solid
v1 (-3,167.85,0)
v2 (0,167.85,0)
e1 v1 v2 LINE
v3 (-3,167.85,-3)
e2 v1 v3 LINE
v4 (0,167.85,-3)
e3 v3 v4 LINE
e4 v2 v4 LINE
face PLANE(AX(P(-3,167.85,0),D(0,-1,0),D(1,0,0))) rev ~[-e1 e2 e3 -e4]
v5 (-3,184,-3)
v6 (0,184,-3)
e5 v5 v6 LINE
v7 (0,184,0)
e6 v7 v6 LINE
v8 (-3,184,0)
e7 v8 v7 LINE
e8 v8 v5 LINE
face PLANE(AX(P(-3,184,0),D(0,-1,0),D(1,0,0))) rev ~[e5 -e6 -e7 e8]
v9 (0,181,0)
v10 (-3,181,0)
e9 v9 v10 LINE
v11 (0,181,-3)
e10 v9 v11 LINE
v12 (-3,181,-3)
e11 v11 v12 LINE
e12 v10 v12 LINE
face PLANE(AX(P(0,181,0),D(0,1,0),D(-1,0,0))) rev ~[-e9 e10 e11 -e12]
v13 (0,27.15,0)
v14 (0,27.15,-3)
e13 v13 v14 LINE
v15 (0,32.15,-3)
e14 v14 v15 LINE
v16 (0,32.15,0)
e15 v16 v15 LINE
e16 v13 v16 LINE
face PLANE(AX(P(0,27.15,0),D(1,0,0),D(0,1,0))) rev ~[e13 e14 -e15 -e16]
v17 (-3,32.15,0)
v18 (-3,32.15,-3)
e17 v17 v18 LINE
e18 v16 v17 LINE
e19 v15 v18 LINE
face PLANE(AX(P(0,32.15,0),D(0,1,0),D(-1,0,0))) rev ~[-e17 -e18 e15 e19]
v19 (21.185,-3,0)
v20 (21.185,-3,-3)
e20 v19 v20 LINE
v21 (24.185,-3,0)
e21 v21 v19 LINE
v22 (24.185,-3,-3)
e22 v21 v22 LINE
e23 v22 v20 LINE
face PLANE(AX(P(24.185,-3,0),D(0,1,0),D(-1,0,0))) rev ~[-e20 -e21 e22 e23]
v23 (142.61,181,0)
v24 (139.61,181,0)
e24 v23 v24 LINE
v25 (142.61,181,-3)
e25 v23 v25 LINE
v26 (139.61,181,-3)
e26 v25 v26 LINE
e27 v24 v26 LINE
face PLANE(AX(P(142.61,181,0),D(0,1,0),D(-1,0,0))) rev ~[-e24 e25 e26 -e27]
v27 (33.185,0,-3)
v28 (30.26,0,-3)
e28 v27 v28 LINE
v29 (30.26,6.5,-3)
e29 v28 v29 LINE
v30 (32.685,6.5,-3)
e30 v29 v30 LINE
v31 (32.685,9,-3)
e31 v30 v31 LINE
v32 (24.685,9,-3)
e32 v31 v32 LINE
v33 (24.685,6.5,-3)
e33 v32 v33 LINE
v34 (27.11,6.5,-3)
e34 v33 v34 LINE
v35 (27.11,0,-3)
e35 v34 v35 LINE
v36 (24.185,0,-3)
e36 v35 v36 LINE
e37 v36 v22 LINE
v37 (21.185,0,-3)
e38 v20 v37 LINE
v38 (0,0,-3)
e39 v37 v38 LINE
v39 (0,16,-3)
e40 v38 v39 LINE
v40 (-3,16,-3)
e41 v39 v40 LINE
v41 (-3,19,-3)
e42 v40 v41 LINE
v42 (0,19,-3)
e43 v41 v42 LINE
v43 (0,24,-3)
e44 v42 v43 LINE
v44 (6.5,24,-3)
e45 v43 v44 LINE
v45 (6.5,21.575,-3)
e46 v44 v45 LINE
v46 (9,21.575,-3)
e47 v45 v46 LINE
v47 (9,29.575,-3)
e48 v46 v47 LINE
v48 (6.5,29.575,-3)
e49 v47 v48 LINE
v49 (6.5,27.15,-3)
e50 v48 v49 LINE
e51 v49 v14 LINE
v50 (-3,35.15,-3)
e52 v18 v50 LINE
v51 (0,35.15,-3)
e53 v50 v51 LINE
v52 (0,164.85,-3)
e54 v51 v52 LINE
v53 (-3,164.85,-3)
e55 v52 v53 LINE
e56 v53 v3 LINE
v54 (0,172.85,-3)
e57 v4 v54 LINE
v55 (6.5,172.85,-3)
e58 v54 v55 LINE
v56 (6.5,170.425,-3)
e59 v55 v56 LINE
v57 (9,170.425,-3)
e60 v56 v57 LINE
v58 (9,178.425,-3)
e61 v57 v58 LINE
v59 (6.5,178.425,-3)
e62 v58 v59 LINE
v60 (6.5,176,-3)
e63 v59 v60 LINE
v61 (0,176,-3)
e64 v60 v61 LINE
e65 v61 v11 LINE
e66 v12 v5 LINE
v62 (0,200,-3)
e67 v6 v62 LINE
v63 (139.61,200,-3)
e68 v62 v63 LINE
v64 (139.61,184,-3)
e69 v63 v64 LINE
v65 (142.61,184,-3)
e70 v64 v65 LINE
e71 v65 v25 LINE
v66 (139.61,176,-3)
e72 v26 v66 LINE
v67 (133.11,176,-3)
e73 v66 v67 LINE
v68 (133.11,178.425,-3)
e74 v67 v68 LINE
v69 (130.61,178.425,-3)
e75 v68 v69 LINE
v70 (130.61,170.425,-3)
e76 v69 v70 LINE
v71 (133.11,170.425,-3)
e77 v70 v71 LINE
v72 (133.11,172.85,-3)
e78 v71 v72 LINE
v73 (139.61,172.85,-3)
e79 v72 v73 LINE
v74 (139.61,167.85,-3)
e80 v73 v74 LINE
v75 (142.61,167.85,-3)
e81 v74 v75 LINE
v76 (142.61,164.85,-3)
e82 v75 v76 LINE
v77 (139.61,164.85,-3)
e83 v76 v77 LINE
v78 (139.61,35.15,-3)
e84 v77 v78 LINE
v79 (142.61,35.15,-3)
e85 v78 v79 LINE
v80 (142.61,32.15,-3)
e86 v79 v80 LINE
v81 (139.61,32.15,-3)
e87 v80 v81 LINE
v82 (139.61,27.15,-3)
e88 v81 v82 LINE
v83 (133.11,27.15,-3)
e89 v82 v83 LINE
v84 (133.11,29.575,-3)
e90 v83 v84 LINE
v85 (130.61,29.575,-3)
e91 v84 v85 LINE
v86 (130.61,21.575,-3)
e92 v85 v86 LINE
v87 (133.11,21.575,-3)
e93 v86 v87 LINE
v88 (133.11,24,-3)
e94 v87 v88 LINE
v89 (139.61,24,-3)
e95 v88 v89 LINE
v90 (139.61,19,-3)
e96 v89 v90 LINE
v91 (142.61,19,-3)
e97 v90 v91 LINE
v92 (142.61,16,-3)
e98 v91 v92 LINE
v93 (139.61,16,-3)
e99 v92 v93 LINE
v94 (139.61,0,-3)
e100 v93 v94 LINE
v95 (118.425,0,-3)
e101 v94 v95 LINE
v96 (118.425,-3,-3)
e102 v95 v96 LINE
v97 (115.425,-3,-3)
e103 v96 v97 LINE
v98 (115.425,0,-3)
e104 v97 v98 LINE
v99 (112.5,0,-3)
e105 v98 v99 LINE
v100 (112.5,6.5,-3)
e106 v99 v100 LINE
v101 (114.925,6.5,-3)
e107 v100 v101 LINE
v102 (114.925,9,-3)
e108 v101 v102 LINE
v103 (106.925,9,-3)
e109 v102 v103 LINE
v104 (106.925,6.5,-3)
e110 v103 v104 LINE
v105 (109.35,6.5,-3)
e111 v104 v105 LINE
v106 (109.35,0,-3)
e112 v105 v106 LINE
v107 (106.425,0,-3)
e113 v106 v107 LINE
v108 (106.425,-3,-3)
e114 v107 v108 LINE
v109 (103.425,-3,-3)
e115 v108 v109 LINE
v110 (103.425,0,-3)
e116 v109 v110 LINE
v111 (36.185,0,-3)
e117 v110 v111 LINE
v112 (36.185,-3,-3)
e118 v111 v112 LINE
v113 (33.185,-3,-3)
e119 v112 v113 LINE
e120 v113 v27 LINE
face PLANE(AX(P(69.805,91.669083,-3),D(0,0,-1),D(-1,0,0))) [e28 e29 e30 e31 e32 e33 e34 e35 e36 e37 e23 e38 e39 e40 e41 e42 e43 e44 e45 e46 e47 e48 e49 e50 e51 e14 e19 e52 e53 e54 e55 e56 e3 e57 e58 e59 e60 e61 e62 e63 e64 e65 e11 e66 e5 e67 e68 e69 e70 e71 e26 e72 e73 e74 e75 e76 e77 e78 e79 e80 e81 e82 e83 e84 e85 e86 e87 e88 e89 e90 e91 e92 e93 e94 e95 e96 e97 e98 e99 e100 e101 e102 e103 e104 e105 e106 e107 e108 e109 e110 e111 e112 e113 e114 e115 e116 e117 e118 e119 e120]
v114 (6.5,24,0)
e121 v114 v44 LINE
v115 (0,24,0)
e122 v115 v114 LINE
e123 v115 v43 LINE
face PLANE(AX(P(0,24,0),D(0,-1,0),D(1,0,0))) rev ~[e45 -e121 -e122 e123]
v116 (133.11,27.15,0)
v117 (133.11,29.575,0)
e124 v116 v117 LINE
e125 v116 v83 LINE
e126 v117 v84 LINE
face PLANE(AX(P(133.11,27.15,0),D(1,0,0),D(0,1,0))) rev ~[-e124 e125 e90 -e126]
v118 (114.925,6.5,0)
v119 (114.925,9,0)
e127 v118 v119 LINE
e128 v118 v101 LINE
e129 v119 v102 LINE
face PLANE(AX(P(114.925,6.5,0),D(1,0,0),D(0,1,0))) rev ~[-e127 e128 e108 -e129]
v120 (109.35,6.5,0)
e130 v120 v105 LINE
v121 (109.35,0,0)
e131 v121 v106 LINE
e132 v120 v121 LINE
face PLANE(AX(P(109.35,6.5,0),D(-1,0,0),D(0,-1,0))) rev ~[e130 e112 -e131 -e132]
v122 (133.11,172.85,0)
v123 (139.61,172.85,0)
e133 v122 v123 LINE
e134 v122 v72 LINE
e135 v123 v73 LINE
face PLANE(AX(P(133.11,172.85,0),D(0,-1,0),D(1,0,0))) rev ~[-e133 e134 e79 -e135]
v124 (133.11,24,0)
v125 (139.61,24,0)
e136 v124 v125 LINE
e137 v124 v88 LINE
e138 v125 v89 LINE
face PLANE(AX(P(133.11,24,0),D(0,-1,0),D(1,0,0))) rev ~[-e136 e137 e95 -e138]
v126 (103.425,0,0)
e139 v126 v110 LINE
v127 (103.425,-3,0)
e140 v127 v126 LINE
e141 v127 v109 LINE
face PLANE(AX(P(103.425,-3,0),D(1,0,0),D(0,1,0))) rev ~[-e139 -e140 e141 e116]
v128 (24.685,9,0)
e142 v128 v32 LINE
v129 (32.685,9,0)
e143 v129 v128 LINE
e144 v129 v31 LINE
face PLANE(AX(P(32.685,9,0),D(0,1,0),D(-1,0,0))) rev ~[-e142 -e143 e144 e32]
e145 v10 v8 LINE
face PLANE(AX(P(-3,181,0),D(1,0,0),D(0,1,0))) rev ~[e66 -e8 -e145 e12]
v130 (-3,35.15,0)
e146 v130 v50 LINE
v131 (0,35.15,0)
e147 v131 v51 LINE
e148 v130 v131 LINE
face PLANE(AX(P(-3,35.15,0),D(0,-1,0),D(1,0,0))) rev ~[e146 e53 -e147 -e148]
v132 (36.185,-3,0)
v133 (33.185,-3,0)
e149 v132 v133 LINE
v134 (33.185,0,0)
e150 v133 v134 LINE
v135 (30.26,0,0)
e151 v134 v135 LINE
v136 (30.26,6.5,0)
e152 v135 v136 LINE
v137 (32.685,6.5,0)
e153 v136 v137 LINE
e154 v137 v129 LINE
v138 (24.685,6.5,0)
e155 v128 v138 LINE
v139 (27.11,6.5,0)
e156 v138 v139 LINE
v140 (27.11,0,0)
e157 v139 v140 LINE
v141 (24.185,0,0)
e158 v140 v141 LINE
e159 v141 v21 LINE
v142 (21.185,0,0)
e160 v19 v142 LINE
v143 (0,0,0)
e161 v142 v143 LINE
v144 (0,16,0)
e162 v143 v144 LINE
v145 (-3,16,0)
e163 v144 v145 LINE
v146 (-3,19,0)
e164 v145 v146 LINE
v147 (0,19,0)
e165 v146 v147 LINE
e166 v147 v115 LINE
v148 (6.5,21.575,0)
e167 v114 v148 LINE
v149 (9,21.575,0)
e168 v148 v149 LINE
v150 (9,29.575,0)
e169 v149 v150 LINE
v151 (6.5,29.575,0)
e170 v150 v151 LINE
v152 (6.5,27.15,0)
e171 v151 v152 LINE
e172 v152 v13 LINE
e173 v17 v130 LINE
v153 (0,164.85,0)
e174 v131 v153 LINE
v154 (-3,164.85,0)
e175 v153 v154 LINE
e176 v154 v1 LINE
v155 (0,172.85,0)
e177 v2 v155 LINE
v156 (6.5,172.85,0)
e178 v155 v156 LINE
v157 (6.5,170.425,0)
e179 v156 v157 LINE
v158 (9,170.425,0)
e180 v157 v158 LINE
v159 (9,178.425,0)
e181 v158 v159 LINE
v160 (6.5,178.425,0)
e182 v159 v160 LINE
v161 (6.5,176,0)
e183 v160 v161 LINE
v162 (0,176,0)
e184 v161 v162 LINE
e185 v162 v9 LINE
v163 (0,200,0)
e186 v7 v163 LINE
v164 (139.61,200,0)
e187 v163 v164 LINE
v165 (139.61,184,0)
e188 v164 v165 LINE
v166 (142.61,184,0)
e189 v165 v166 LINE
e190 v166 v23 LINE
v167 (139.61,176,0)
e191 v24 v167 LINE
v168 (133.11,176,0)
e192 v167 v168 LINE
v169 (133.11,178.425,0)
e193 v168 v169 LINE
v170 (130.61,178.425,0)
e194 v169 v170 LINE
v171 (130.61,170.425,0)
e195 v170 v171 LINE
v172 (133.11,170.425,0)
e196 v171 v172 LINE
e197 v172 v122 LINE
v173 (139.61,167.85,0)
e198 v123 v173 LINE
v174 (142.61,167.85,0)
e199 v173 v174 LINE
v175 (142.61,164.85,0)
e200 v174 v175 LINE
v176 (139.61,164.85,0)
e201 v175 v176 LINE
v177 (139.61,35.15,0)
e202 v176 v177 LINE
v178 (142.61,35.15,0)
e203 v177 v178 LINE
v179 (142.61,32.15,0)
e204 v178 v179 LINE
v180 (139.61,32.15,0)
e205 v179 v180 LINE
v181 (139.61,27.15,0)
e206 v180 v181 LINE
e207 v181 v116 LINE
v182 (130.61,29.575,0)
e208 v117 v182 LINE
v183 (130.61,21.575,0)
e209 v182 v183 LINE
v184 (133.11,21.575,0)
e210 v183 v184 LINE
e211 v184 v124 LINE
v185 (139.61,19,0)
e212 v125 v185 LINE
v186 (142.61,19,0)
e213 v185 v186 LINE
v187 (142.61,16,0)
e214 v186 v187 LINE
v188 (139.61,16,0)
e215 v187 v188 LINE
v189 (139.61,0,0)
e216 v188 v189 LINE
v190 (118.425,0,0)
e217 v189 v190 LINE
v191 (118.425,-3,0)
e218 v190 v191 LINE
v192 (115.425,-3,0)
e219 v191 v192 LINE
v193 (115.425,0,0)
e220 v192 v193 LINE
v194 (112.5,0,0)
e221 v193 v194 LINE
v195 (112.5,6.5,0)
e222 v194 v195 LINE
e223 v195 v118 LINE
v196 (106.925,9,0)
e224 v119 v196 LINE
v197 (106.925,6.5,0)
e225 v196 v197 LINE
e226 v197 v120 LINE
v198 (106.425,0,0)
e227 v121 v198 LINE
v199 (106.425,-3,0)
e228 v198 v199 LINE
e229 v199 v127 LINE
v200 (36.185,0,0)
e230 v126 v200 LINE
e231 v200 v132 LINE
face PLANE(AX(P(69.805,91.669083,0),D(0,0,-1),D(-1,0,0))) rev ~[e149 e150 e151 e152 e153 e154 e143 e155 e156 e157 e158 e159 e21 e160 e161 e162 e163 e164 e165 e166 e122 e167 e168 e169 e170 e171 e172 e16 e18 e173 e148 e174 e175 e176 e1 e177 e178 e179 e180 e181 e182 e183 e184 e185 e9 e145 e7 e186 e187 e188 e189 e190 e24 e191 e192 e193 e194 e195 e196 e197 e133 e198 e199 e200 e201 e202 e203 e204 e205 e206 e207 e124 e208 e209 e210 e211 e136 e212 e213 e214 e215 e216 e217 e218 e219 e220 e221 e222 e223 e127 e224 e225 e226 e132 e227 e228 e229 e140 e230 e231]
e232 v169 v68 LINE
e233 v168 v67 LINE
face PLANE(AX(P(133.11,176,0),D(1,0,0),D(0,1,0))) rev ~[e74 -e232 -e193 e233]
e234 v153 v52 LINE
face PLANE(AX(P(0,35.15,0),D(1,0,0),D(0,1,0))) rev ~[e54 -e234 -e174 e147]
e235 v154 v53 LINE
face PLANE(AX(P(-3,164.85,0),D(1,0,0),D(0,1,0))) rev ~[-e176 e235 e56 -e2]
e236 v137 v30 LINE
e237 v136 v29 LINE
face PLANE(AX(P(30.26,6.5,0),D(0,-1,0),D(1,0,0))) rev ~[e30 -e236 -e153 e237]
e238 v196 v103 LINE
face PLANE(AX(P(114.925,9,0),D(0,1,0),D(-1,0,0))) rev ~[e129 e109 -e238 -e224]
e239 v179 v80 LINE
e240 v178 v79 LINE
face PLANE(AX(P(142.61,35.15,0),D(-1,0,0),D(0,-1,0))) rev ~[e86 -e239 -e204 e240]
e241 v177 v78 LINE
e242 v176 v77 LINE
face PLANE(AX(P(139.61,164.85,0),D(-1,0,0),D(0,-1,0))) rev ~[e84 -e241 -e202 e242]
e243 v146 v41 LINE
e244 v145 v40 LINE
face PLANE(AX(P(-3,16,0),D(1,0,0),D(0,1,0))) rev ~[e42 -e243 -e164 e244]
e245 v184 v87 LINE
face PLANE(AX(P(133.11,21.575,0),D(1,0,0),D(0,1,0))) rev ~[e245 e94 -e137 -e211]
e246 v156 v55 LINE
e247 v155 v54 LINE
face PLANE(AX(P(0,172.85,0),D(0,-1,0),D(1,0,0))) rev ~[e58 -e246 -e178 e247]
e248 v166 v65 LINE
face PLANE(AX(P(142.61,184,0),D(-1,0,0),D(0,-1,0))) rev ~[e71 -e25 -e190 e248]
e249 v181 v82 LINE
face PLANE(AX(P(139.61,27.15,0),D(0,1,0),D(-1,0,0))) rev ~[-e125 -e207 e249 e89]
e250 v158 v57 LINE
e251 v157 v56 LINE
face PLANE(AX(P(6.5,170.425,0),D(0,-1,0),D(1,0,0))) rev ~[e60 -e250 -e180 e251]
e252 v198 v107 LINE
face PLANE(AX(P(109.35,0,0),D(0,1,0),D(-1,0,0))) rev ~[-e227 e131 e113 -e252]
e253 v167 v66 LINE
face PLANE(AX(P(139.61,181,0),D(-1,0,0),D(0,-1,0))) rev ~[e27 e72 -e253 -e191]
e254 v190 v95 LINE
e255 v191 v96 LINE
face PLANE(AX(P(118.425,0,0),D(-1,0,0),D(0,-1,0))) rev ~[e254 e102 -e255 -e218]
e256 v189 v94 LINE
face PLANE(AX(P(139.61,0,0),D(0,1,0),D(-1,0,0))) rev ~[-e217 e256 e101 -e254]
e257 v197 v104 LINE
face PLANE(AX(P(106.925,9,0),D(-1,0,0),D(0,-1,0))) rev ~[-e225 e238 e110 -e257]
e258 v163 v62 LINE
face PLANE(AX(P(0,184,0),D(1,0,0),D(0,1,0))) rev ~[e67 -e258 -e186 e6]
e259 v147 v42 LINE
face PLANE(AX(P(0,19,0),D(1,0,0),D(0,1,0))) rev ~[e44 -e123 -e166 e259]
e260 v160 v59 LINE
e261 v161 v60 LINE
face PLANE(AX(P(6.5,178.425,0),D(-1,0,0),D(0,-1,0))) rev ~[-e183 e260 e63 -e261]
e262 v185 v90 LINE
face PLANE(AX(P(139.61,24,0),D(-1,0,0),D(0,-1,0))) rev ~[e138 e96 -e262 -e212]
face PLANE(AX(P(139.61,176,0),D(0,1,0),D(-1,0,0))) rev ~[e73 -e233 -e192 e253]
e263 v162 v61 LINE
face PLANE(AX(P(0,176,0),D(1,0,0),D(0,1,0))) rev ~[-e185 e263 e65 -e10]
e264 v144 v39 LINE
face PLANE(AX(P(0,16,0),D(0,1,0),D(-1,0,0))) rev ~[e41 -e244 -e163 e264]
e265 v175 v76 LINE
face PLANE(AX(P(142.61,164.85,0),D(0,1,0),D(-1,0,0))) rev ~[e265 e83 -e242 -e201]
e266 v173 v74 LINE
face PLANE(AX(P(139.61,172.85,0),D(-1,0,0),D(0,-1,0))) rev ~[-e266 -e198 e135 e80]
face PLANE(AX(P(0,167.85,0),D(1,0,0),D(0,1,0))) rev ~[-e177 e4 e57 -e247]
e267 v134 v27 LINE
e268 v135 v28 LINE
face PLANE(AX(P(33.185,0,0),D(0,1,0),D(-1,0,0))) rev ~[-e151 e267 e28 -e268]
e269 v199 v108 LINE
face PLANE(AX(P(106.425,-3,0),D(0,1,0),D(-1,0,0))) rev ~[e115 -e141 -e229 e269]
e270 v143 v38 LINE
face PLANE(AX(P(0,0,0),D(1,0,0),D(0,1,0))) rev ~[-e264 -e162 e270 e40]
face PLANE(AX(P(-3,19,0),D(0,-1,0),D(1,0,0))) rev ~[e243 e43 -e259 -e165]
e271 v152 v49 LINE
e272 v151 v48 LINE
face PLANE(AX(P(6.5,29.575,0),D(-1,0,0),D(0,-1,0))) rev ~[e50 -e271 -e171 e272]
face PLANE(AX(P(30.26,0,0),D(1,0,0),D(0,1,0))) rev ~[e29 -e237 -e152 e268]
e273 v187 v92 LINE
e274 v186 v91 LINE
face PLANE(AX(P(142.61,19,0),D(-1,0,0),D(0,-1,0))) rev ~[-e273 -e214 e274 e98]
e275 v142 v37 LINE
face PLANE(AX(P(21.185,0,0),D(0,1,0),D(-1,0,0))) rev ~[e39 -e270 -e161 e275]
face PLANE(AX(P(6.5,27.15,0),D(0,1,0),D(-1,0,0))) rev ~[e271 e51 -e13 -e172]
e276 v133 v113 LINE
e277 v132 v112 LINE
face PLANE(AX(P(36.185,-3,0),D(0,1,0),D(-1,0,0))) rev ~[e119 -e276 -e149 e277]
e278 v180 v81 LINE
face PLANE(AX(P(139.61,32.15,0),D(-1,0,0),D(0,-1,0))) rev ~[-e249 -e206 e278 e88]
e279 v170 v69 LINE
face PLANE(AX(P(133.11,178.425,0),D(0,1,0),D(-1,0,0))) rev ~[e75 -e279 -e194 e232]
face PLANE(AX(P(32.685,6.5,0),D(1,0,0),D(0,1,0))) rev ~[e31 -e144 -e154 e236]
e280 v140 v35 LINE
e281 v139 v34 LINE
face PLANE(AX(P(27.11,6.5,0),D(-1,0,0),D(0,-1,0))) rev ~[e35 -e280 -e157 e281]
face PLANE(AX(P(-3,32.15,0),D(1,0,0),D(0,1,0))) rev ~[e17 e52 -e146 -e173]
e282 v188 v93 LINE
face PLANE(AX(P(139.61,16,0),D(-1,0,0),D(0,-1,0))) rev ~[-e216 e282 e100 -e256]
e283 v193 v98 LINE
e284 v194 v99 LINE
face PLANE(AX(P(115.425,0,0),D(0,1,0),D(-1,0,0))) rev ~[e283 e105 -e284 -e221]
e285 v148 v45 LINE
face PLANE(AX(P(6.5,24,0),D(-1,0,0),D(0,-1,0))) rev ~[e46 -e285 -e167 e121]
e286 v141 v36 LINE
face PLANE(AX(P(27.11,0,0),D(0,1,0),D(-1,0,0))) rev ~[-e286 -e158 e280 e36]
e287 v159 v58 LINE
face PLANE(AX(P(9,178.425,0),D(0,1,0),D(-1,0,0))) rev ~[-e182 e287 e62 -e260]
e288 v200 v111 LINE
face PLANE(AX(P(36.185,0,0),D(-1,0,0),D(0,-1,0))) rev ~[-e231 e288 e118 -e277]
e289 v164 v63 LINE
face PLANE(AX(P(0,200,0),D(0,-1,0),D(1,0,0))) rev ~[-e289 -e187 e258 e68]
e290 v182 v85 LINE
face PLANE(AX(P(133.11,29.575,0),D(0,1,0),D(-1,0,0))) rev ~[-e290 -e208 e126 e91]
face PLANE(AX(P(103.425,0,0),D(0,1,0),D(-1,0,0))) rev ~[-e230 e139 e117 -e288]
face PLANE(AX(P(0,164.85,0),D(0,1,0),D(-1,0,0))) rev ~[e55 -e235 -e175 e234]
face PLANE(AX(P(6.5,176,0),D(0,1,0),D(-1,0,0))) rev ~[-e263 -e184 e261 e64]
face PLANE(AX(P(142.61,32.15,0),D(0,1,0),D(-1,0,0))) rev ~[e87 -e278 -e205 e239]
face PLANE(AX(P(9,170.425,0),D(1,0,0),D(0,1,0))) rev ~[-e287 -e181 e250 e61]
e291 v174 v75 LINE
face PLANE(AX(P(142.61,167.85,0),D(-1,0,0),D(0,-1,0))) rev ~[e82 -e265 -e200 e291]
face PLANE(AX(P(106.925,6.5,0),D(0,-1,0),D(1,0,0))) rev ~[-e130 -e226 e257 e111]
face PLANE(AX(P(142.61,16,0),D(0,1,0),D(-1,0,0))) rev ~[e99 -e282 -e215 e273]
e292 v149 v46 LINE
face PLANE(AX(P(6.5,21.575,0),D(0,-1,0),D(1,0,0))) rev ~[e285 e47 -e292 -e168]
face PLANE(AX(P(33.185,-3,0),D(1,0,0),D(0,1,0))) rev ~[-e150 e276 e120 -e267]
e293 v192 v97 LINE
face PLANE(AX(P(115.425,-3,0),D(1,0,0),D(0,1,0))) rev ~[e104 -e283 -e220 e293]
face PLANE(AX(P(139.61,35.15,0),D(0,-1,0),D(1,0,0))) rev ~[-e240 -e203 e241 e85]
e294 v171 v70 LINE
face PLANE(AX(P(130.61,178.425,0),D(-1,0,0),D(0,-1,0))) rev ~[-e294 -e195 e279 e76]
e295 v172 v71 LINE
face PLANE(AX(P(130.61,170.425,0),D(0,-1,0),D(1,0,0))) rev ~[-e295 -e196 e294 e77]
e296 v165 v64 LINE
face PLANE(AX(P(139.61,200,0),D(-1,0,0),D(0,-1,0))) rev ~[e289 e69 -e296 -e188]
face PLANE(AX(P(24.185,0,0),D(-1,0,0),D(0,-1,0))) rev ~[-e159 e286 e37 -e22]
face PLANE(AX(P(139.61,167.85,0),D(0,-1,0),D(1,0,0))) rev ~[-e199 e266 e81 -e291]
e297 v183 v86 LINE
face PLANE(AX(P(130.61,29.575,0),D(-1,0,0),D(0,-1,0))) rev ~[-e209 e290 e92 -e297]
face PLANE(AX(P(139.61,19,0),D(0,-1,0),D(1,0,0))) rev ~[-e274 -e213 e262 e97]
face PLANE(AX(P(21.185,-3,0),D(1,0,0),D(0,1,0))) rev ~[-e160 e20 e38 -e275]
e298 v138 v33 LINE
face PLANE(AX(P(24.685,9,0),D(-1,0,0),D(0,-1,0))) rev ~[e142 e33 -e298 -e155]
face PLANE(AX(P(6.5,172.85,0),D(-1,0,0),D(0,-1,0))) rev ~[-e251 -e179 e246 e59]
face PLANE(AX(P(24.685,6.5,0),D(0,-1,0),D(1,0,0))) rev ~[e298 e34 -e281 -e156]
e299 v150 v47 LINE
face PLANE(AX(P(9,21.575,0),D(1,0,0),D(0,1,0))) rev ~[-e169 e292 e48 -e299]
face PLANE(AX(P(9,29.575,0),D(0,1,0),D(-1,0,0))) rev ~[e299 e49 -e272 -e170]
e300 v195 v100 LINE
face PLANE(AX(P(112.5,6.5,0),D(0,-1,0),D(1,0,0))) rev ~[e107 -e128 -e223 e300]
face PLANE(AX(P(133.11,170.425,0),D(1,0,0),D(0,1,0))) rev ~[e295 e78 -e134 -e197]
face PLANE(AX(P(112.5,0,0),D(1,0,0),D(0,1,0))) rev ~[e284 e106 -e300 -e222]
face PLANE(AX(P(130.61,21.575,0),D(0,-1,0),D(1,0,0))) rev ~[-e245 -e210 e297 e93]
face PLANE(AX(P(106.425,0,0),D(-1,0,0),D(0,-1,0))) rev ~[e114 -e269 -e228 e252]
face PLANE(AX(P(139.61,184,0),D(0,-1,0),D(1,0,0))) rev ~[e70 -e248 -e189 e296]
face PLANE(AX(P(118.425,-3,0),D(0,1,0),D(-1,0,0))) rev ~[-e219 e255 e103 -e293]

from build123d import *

# Parameters (mm, degrees)
BOSS_EXTRUDE1_DEPTH = 3


with BuildPart() as part:
    # Sketch1 → Boss-Extrude1 (new body)
    with BuildSketch(Plane.XY):
        Polygon((0, 27.15), (0, 32.15), (-3, 32.15), (-3, 35.15), (0, 35.15), (0, 164.85), (-3, 164.85), (-3, 167.85), (0, 167.85), (0, 172.85), (6.5, 172.85), (6.5, 170.425), (9, 170.425), (9, 178.425), (6.5, 178.425), (6.5, 176), (0, 176), (0, 181), (-3, 181), (-3, 184), (0, 184), (0, 200), (139.61, 200), (139.61, 184), (142.61, 184), (142.61, 181), (139.61, 181), (139.61, 176), (133.11, 176), (133.11, 178.425), (130.61, 178.425), (130.61, 170.425), (133.11, 170.425), (133.11, 172.85), (139.61, 172.85), (139.61, 167.85), (142.61, 167.85), (142.61, 164.85), (139.61, 164.85), (139.61, 35.15), (142.61, 35.15), (142.61, 32.15), (139.61, 32.15), (139.61, 27.15), (133.11, 27.15), (133.11, 29.575), (130.61, 29.575), (130.61, 21.575), (133.11, 21.575), (133.11, 24), (139.61, 24), (139.61, 19), (142.61, 19), (142.61, 16), (139.61, 16), (139.61, 0), (118.425, 0), (118.425, -3), (115.425, -3), (115.425, 0), (112.5, 0), (112.5, 6.5), (114.925, 6.5), (114.925, 9), (106.925, 9), (106.925, 6.5), (109.35, 6.5), (109.35, 0), (106.425, 0), (106.425, -3), (103.425, -3), (103.425, 0), (36.185, 0), (36.185, -3), (33.185, -3), (33.185, 0), (30.26, 0), (30.26, 6.5), (32.685, 6.5), (32.685, 9), (24.685, 9), (24.685, 6.5), (27.11, 6.5), (27.11, 0), (24.185, 0), (24.185, -3), (21.185, -3), (21.185, 0), (0, 0), (0, 16), (-3, 16), (-3, 19), (0, 19), (0, 24), (6.5, 24), (6.5, 21.575), (9, 21.575), (9, 29.575), (6.5, 29.575), (6.5, 27.15), align=None)
    extrude(amount=-BOSS_EXTRUDE1_DEPTH)


solid = part.part
